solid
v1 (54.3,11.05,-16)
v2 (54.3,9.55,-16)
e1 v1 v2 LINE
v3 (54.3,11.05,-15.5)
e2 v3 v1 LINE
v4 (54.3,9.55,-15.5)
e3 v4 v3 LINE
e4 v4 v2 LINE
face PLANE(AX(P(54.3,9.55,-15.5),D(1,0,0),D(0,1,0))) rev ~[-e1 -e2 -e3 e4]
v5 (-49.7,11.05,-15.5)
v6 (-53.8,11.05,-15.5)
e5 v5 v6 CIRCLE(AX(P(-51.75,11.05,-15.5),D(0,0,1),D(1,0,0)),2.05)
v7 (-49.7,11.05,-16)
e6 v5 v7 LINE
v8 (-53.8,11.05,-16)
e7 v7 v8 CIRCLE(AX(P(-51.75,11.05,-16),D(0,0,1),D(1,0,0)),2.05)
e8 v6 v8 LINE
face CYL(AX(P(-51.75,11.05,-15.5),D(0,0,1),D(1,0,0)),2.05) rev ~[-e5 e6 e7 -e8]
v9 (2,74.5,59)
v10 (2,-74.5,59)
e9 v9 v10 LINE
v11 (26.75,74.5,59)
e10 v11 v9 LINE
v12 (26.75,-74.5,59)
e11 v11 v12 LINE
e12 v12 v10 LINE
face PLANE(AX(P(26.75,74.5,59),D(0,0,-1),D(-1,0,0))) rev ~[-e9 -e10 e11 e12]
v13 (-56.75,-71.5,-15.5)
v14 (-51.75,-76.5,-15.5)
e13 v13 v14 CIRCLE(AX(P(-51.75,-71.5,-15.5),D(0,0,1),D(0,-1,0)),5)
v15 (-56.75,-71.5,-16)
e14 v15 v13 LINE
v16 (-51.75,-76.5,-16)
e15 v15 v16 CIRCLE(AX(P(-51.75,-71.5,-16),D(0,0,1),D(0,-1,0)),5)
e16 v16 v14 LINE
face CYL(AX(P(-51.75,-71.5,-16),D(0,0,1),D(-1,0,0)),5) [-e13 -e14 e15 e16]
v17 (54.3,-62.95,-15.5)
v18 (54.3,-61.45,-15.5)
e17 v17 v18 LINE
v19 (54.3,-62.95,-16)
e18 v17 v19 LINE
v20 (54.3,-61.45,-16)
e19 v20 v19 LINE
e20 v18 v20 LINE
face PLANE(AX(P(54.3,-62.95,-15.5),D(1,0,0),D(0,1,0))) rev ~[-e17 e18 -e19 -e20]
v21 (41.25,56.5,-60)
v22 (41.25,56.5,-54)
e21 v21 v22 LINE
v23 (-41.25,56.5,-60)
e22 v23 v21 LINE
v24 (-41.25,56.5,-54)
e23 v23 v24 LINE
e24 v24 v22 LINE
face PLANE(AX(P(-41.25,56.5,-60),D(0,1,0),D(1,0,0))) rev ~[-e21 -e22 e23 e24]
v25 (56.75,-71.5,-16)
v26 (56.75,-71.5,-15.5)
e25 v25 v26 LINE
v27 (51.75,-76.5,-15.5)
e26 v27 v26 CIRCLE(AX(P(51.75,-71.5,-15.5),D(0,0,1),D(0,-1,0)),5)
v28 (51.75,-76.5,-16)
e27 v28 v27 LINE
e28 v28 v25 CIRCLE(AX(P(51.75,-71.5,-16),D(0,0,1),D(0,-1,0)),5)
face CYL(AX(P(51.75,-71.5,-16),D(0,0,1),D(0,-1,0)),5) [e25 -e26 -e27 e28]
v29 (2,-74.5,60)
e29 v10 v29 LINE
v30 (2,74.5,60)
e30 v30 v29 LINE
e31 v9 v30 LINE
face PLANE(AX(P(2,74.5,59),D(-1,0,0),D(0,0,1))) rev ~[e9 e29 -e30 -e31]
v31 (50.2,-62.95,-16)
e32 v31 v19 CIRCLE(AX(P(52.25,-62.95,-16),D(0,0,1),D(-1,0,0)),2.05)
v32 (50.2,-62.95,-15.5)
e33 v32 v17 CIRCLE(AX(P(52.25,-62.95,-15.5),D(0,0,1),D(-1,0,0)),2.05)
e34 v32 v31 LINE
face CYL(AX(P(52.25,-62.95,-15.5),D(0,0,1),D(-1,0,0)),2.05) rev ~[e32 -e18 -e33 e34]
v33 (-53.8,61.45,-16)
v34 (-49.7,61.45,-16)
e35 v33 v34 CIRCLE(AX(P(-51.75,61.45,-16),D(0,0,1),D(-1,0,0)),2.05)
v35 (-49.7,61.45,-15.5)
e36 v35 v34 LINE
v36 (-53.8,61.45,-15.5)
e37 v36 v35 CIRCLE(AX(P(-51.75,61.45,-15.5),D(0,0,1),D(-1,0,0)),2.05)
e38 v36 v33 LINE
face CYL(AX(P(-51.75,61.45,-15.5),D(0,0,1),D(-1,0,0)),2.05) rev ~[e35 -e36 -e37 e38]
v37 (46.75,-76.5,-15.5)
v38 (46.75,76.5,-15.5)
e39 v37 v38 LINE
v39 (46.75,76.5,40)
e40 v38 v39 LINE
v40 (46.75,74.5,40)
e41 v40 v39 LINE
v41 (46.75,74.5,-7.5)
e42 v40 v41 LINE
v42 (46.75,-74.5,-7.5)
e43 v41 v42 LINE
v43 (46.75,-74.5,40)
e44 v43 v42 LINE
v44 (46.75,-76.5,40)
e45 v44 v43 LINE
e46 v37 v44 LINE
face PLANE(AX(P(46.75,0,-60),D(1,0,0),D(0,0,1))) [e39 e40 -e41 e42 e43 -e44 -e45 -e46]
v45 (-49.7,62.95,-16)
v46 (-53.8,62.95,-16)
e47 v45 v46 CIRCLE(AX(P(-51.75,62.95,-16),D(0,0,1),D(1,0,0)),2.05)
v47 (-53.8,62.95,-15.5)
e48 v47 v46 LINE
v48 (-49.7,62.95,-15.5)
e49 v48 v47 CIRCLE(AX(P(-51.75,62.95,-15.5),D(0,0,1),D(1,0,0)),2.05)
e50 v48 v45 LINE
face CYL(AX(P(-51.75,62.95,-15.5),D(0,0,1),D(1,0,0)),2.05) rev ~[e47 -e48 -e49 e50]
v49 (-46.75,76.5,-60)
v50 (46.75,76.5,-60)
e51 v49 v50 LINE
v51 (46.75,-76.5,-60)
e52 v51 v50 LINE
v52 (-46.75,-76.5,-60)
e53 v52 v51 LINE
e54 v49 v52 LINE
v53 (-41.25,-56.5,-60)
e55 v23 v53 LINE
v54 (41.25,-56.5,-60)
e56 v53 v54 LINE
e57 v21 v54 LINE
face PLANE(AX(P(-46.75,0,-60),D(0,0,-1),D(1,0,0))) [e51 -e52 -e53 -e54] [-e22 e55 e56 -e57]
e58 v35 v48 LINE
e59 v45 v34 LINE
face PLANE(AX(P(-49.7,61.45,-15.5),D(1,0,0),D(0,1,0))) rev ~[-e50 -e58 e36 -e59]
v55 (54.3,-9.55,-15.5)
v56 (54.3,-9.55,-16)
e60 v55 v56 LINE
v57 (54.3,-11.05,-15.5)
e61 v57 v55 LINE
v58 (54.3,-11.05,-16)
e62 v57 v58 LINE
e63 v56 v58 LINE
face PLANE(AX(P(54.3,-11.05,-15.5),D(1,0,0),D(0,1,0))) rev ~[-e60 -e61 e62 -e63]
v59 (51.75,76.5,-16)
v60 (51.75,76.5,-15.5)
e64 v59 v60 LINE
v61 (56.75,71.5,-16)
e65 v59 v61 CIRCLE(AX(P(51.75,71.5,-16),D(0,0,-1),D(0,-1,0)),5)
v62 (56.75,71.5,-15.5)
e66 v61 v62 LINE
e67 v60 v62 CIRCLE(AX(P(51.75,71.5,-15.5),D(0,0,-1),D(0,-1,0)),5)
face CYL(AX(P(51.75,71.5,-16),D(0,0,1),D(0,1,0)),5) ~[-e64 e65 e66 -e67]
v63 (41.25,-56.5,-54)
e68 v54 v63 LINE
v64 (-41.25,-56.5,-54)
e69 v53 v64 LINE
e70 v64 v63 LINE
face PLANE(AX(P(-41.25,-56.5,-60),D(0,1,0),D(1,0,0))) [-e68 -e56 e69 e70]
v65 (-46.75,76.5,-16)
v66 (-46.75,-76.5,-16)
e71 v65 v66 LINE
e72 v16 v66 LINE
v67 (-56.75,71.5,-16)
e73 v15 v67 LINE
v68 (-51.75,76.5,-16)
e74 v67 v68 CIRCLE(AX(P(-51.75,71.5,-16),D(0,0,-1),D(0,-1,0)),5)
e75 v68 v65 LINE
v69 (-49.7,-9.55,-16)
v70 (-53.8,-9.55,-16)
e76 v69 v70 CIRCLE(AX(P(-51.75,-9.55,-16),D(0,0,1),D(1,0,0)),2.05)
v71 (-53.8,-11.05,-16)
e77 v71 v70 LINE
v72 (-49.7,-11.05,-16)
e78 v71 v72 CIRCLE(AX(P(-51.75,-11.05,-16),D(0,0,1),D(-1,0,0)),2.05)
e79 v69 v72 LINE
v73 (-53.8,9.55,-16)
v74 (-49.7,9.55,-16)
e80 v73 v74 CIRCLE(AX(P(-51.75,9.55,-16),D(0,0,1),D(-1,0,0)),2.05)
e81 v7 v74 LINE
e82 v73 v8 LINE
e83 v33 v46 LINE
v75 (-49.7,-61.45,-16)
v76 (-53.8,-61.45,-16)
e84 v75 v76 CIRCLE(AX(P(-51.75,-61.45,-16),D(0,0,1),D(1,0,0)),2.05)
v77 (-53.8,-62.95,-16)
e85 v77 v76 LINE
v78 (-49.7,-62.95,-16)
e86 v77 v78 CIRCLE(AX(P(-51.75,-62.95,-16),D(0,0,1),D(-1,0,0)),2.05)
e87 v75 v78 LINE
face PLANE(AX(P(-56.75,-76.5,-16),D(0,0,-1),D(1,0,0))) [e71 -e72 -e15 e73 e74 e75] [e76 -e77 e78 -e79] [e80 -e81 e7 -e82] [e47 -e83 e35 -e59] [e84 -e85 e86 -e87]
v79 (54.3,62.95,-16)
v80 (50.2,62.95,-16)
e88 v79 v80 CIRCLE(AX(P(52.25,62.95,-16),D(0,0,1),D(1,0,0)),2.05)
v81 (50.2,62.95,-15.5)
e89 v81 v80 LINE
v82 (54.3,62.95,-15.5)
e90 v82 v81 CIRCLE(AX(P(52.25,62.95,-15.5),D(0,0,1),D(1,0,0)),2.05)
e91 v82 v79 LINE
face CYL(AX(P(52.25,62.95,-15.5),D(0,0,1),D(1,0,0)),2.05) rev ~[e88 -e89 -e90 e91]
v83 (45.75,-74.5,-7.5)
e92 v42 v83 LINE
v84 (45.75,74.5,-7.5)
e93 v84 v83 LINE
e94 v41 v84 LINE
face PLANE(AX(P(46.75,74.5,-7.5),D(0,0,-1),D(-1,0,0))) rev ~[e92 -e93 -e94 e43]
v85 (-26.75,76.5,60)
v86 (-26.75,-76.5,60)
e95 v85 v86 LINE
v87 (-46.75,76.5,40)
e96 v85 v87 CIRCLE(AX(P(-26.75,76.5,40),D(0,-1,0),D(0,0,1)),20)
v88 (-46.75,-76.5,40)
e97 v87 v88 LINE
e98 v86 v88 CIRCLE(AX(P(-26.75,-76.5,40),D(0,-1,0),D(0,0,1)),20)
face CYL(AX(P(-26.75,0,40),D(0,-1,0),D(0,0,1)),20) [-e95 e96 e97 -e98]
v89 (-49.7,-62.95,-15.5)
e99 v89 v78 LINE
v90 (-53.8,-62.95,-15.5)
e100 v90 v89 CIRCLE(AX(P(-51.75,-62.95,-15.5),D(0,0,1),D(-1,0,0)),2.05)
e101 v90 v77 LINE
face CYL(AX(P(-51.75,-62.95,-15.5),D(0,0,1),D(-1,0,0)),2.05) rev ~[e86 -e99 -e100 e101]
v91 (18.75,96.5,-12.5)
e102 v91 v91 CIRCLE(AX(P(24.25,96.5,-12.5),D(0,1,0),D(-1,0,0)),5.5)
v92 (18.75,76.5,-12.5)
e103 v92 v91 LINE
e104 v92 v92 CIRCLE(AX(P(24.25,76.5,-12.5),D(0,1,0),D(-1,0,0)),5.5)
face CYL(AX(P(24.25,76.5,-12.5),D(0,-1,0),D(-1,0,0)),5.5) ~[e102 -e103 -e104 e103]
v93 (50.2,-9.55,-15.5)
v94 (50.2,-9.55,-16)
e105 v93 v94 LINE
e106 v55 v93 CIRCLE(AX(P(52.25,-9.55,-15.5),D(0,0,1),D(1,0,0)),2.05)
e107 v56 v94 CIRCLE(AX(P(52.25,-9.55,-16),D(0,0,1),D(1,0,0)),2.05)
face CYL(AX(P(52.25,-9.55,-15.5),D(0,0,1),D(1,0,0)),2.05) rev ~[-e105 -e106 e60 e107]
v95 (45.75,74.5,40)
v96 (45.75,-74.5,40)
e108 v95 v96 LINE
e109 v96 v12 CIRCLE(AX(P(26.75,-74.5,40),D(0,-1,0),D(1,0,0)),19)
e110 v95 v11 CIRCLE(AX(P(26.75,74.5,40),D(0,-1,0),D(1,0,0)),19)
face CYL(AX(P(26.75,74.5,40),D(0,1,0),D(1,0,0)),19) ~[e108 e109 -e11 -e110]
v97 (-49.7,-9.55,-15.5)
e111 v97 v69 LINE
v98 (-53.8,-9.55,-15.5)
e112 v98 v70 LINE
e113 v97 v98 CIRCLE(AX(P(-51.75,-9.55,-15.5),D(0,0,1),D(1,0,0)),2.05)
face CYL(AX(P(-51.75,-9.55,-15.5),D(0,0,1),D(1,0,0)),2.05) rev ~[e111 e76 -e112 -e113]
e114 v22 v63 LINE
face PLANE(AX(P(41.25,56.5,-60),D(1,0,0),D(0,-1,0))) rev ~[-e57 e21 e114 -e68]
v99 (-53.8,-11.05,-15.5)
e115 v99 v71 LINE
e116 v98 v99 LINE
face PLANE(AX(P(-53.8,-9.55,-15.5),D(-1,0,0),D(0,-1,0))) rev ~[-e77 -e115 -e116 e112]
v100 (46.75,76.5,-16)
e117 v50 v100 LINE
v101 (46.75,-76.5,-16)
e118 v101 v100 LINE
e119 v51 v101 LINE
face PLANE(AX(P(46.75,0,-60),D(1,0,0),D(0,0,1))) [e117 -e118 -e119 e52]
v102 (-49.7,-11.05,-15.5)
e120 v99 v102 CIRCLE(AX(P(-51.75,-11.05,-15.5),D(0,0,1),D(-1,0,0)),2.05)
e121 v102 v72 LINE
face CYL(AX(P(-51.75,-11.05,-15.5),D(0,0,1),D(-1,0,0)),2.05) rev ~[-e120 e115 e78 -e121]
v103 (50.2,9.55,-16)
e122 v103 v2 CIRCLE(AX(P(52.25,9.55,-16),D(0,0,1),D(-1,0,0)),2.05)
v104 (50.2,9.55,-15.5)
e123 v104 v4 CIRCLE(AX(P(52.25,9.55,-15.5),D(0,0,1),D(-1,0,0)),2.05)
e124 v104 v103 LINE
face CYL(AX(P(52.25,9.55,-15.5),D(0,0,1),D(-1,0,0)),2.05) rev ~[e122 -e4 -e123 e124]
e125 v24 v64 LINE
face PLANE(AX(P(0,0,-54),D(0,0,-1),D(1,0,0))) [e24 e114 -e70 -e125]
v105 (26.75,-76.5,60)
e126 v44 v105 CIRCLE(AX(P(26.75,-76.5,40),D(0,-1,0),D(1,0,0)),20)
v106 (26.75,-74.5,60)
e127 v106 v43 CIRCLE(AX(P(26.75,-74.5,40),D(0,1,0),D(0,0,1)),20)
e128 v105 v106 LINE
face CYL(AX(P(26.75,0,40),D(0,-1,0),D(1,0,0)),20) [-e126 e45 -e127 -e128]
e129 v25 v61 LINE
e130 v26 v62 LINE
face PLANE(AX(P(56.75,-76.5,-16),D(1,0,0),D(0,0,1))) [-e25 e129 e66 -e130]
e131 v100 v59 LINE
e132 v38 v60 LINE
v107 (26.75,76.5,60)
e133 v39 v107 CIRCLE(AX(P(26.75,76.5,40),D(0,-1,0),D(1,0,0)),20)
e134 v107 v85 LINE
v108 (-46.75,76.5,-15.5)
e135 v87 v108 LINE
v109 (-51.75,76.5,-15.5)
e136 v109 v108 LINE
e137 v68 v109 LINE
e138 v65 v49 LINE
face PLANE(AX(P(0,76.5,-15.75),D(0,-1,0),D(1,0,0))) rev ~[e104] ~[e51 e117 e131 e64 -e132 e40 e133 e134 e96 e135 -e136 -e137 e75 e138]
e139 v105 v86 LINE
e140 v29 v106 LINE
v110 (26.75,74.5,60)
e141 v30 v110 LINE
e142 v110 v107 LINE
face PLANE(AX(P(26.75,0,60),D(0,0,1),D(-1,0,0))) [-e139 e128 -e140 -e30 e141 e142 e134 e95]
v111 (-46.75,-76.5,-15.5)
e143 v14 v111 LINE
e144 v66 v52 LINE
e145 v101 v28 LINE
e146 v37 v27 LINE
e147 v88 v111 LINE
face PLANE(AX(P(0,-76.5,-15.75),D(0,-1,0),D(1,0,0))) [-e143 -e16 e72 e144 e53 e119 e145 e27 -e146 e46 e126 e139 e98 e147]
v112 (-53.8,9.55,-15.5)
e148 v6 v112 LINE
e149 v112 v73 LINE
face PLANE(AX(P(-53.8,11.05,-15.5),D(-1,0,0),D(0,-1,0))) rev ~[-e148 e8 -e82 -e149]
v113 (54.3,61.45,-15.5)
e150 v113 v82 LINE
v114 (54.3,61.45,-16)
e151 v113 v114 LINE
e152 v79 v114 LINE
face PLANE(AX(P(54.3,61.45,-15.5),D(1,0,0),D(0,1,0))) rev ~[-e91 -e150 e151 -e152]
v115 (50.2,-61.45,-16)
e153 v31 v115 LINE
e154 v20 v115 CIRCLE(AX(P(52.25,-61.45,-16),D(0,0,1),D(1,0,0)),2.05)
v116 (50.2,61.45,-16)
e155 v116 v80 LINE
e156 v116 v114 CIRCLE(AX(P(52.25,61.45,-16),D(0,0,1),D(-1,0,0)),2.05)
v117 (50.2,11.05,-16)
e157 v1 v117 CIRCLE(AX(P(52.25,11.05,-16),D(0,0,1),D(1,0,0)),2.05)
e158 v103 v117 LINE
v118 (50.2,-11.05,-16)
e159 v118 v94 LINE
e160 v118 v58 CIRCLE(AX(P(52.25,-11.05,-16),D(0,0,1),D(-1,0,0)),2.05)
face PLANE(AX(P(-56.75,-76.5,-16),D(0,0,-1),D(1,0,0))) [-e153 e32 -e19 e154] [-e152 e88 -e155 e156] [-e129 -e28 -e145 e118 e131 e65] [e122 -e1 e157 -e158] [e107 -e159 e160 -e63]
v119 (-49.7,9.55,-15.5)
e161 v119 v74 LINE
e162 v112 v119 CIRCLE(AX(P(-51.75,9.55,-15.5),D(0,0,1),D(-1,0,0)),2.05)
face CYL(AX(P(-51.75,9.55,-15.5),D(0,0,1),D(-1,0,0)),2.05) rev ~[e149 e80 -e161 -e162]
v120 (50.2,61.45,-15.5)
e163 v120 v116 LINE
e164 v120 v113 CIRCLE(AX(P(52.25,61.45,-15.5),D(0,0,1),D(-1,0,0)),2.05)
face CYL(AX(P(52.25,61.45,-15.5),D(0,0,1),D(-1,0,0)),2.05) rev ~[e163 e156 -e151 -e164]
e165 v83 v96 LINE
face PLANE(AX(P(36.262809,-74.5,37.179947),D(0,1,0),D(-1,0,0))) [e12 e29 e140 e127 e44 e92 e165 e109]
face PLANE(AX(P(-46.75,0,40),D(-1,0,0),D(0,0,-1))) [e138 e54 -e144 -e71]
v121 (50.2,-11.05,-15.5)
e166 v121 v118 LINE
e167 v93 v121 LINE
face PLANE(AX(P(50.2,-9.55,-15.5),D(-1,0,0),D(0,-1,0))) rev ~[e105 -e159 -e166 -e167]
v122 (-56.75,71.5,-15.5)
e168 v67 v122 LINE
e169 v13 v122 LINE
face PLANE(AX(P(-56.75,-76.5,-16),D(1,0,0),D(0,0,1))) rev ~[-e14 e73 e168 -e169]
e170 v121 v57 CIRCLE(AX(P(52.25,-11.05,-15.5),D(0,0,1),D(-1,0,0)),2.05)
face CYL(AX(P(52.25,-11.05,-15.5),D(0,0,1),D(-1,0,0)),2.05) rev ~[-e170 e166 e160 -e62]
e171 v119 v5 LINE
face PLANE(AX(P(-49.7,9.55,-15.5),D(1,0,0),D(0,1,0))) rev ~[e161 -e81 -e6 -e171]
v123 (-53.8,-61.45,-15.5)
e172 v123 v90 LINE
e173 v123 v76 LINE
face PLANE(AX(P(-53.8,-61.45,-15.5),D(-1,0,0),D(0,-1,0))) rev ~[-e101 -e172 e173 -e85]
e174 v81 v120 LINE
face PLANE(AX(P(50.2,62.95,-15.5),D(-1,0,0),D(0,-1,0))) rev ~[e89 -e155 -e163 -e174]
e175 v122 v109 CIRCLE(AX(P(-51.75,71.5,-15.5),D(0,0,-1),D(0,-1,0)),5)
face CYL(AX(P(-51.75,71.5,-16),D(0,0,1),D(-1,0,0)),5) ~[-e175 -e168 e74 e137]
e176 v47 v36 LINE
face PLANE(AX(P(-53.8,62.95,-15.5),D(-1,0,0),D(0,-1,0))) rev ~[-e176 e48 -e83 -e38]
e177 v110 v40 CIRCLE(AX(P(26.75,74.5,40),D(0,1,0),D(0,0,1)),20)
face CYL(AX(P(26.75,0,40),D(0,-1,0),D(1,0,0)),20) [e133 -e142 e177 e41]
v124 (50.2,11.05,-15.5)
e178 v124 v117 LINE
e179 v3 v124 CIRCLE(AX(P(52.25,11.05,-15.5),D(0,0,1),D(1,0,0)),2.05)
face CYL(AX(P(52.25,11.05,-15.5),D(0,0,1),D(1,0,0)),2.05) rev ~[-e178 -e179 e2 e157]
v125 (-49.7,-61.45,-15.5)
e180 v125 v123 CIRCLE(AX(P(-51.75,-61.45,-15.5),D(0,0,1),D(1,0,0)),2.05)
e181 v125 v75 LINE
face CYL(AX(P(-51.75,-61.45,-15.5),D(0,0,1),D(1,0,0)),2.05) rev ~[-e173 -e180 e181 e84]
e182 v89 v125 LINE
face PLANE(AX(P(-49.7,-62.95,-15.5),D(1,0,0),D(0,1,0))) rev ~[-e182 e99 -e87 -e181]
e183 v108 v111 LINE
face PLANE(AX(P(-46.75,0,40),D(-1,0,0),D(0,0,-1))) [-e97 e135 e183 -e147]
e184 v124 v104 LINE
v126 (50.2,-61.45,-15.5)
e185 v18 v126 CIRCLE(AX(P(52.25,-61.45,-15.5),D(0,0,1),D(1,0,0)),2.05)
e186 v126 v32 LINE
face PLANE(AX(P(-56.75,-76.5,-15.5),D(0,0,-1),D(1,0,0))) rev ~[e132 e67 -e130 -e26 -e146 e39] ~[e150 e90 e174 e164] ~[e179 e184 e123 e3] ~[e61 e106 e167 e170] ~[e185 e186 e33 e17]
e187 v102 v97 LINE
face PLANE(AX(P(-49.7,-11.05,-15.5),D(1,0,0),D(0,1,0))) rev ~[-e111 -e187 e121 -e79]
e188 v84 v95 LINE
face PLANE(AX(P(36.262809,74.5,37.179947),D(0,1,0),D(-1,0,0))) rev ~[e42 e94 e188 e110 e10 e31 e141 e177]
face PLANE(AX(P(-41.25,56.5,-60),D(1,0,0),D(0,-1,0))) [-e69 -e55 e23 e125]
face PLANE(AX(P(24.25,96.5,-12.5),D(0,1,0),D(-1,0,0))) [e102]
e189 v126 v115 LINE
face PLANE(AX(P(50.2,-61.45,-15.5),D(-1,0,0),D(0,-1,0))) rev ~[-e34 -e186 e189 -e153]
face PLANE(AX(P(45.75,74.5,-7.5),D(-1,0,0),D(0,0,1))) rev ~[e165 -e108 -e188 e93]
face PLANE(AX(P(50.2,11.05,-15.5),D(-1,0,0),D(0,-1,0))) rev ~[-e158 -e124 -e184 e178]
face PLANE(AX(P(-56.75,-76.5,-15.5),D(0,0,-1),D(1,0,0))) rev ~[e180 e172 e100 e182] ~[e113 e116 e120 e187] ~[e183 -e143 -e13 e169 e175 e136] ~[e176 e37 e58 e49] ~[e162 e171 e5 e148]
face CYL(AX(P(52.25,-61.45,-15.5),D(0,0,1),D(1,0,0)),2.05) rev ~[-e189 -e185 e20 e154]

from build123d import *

# Parameters (mm, degrees)
F1_DEPTH  = 76.5
F2_W      = 113.5
F2_H      = 0.5
F3_DEPTH  = 153
F4_R      = 5
F6_DEPTH  = 44.501
F7_R      = 5.5
F8_DEPTH  = 20
F9_W      = 82.5
F9_H      = 113
F10_DEPTH = 6
F12_START = -2
F12_DEPTH = 149


with BuildPart() as f1:
    # F0 (on Front) → F1 (new body, symmetric)
    with BuildSketch(Plane.XZ):
        with BuildLine():
            ThreePointArc((46.75, 40), (12.6078643763, 25.8578643763), (26.75, 60))
            Line((26.75, 60), (-26.75, 60))
            ThreePointArc((-26.75, 60), (-12.6078643763, 54.1421356237), (-6.75, 40))
            ThreePointArc((-6.75, 40), (-26.75, 20), (-46.75, 40))
            Line((-46.75, 40), (-46.75, -60))
            Line((-46.75, -60), (46.75, -60))
            Line((46.75, -60), (46.75, 40))
        make_face()
        with BuildLine():
            ThreePointArc((46.75, 40), (40.8921356237, 54.1421356237), (26.75, 60))
            ThreePointArc((26.75, 60), (12.6078643763, 25.8578643763), (46.75, 40))
        make_face()
        with BuildLine():
            ThreePointArc((-6.75, 40), (-12.6078643763, 54.1421356237), (-26.75, 60))
            ThreePointArc((-26.75, 60), (-40.8921356237, 54.1421356237), (-46.75, 40))
            ThreePointArc((-46.75, 40), (-26.75, 20), (-6.75, 40))
        make_face()
    extrude(amount=F1_DEPTH, both=True)

    # F2 (on face) → F3 (join, through all)
    with BuildSketch(Plane.XZ.offset(76.5)):
        with Locations((0, -15.75)):
            Rectangle(F2_W, F2_H)
    extrude(amount=-F3_DEPTH)

    # F4
    f4_edges = [f1.edges().sort_by_distance(p)[0] for p in [
        (56.75, 76.5, -15.75),
        (-56.75, 76.5, -15.75),
        (-56.75, -76.5, -15.75),
        (56.75, -76.5, -15.75),
    ]]
    fillet(f4_edges, radius=F4_R)

    # F5 (on face) → F6 (cut, through all)
    with BuildSketch(Plane.XY.offset(-15.5)):
        with BuildLine():
            ThreePointArc((-49.7, 62.95), (-51.75, 65), (-53.8, 62.95))
            Line((-53.8, 62.95), (-53.8, 61.45))
            ThreePointArc((-53.8, 61.45), (-51.75, 59.4), (-49.7, 61.45))
            Line((-49.7, 61.45), (-49.7, 62.95))
        make_face()
        with BuildLine():
            ThreePointArc((-49.7, 11.05), (-51.75, 13.1), (-53.8, 11.05))
            Line((-53.8, 11.05), (-53.8, 9.55))
            ThreePointArc((-53.8, 9.55), (-51.75, 7.5), (-49.7, 9.55))
            Line((-49.7, 9.55), (-49.7, 11.05))
        make_face()
        with BuildLine():
            ThreePointArc((54.3, 62.95), (52.25, 65), (50.2, 62.95))
            Line((50.2, 62.95), (50.2, 61.45))
            ThreePointArc((50.2, 61.45), (52.25, 59.4), (54.3, 61.45))
            Line((54.3, 61.45), (54.3, 62.95))
        make_face()
        with BuildLine():
            ThreePointArc((54.3, 11.05), (52.25, 13.1), (50.2, 11.05))
            Line((50.2, 11.05), (50.2, 9.55))
            ThreePointArc((50.2, 9.55), (52.25, 7.5), (54.3, 9.55))
            Line((54.3, 9.55), (54.3, 11.05))
        make_face()
        with BuildLine():
            Line((-49.7, -62.95), (-49.7, -61.45))
            ThreePointArc((-49.7, -61.45), (-51.75, -59.4), (-53.8, -61.45))
            Line((-53.8, -61.45), (-53.8, -62.95))
            ThreePointArc((-53.8, -62.95), (-51.75, -65), (-49.7, -62.95))
        make_face()
        with BuildLine():
            Line((-53.8, -9.55), (-53.8, -11.05))
            ThreePointArc((-53.8, -11.05), (-51.75, -13.1), (-49.7, -11.05))
            Line((-49.7, -11.05), (-49.7, -9.55))
            ThreePointArc((-49.7, -9.55), (-51.75, -7.5), (-53.8, -9.55))
        make_face()
        with BuildLine():
            Line((54.3, -11.05), (54.3, -9.55))
            ThreePointArc((54.3, -9.55), (52.25, -7.5), (50.2, -9.55))
            Line((50.2, -9.55), (50.2, -11.05))
            ThreePointArc((50.2, -11.05), (52.25, -13.1), (54.3, -11.05))
        make_face()
        with BuildLine():
            Line((54.3, -62.95), (54.3, -61.45))
            ThreePointArc((54.3, -61.45), (52.25, -59.4), (50.2, -61.45))
            Line((50.2, -61.45), (50.2, -62.95))
            ThreePointArc((50.2, -62.95), (52.25, -65), (54.3, -62.95))
        make_face()
    extrude(amount=-F6_DEPTH, mode=Mode.SUBTRACT)

    # F7 (on face) → F8 (join)
    with BuildSketch(Plane(origin=(0, 76.5, 0), x_dir=(-1, 0, 0), z_dir=(0, 1, 0))):
        with Locations((-24.25, -12.5)):
            Circle(F7_R)
    extrude(amount=F8_DEPTH)

    # F9 (on face) → F10 (cut)
    with BuildSketch(Plane(origin=(0, 0, -60), x_dir=(1, 0, 0), z_dir=(0, 0, -1))):
        Rectangle(F9_W, F9_H)
    extrude(amount=-F10_DEPTH, mode=Mode.SUBTRACT)

    # F11 (on face) → F12 (cut)
    with BuildSketch(Plane(origin=(0, 76.5, 0), x_dir=(-1, 0, 0), z_dir=(0, 1, 0)).offset(F12_START)):
        with BuildLine():
            ThreePointArc((-45.75, 40), (-40.1850288425, 53.4350288425), (-26.75, 59))
            Line((-26.75, 59), (-2, 59))
            Line((-2, 59), (-2, 60))
            Line((-2, 60), (-26.75, 60))
            ThreePointArc((-26.75, 60), (-40.8921356237, 54.1421356237), (-46.75, 40))
            Line((-46.75, 40), (-46.75, -7.5))
            Line((-46.75, -7.5), (-45.75, -7.5))
            Line((-45.75, -7.5), (-45.75, 40))
        make_face()
    extrude(amount=-F12_DEPTH, mode=Mode.SUBTRACT)


solid = f1.part
